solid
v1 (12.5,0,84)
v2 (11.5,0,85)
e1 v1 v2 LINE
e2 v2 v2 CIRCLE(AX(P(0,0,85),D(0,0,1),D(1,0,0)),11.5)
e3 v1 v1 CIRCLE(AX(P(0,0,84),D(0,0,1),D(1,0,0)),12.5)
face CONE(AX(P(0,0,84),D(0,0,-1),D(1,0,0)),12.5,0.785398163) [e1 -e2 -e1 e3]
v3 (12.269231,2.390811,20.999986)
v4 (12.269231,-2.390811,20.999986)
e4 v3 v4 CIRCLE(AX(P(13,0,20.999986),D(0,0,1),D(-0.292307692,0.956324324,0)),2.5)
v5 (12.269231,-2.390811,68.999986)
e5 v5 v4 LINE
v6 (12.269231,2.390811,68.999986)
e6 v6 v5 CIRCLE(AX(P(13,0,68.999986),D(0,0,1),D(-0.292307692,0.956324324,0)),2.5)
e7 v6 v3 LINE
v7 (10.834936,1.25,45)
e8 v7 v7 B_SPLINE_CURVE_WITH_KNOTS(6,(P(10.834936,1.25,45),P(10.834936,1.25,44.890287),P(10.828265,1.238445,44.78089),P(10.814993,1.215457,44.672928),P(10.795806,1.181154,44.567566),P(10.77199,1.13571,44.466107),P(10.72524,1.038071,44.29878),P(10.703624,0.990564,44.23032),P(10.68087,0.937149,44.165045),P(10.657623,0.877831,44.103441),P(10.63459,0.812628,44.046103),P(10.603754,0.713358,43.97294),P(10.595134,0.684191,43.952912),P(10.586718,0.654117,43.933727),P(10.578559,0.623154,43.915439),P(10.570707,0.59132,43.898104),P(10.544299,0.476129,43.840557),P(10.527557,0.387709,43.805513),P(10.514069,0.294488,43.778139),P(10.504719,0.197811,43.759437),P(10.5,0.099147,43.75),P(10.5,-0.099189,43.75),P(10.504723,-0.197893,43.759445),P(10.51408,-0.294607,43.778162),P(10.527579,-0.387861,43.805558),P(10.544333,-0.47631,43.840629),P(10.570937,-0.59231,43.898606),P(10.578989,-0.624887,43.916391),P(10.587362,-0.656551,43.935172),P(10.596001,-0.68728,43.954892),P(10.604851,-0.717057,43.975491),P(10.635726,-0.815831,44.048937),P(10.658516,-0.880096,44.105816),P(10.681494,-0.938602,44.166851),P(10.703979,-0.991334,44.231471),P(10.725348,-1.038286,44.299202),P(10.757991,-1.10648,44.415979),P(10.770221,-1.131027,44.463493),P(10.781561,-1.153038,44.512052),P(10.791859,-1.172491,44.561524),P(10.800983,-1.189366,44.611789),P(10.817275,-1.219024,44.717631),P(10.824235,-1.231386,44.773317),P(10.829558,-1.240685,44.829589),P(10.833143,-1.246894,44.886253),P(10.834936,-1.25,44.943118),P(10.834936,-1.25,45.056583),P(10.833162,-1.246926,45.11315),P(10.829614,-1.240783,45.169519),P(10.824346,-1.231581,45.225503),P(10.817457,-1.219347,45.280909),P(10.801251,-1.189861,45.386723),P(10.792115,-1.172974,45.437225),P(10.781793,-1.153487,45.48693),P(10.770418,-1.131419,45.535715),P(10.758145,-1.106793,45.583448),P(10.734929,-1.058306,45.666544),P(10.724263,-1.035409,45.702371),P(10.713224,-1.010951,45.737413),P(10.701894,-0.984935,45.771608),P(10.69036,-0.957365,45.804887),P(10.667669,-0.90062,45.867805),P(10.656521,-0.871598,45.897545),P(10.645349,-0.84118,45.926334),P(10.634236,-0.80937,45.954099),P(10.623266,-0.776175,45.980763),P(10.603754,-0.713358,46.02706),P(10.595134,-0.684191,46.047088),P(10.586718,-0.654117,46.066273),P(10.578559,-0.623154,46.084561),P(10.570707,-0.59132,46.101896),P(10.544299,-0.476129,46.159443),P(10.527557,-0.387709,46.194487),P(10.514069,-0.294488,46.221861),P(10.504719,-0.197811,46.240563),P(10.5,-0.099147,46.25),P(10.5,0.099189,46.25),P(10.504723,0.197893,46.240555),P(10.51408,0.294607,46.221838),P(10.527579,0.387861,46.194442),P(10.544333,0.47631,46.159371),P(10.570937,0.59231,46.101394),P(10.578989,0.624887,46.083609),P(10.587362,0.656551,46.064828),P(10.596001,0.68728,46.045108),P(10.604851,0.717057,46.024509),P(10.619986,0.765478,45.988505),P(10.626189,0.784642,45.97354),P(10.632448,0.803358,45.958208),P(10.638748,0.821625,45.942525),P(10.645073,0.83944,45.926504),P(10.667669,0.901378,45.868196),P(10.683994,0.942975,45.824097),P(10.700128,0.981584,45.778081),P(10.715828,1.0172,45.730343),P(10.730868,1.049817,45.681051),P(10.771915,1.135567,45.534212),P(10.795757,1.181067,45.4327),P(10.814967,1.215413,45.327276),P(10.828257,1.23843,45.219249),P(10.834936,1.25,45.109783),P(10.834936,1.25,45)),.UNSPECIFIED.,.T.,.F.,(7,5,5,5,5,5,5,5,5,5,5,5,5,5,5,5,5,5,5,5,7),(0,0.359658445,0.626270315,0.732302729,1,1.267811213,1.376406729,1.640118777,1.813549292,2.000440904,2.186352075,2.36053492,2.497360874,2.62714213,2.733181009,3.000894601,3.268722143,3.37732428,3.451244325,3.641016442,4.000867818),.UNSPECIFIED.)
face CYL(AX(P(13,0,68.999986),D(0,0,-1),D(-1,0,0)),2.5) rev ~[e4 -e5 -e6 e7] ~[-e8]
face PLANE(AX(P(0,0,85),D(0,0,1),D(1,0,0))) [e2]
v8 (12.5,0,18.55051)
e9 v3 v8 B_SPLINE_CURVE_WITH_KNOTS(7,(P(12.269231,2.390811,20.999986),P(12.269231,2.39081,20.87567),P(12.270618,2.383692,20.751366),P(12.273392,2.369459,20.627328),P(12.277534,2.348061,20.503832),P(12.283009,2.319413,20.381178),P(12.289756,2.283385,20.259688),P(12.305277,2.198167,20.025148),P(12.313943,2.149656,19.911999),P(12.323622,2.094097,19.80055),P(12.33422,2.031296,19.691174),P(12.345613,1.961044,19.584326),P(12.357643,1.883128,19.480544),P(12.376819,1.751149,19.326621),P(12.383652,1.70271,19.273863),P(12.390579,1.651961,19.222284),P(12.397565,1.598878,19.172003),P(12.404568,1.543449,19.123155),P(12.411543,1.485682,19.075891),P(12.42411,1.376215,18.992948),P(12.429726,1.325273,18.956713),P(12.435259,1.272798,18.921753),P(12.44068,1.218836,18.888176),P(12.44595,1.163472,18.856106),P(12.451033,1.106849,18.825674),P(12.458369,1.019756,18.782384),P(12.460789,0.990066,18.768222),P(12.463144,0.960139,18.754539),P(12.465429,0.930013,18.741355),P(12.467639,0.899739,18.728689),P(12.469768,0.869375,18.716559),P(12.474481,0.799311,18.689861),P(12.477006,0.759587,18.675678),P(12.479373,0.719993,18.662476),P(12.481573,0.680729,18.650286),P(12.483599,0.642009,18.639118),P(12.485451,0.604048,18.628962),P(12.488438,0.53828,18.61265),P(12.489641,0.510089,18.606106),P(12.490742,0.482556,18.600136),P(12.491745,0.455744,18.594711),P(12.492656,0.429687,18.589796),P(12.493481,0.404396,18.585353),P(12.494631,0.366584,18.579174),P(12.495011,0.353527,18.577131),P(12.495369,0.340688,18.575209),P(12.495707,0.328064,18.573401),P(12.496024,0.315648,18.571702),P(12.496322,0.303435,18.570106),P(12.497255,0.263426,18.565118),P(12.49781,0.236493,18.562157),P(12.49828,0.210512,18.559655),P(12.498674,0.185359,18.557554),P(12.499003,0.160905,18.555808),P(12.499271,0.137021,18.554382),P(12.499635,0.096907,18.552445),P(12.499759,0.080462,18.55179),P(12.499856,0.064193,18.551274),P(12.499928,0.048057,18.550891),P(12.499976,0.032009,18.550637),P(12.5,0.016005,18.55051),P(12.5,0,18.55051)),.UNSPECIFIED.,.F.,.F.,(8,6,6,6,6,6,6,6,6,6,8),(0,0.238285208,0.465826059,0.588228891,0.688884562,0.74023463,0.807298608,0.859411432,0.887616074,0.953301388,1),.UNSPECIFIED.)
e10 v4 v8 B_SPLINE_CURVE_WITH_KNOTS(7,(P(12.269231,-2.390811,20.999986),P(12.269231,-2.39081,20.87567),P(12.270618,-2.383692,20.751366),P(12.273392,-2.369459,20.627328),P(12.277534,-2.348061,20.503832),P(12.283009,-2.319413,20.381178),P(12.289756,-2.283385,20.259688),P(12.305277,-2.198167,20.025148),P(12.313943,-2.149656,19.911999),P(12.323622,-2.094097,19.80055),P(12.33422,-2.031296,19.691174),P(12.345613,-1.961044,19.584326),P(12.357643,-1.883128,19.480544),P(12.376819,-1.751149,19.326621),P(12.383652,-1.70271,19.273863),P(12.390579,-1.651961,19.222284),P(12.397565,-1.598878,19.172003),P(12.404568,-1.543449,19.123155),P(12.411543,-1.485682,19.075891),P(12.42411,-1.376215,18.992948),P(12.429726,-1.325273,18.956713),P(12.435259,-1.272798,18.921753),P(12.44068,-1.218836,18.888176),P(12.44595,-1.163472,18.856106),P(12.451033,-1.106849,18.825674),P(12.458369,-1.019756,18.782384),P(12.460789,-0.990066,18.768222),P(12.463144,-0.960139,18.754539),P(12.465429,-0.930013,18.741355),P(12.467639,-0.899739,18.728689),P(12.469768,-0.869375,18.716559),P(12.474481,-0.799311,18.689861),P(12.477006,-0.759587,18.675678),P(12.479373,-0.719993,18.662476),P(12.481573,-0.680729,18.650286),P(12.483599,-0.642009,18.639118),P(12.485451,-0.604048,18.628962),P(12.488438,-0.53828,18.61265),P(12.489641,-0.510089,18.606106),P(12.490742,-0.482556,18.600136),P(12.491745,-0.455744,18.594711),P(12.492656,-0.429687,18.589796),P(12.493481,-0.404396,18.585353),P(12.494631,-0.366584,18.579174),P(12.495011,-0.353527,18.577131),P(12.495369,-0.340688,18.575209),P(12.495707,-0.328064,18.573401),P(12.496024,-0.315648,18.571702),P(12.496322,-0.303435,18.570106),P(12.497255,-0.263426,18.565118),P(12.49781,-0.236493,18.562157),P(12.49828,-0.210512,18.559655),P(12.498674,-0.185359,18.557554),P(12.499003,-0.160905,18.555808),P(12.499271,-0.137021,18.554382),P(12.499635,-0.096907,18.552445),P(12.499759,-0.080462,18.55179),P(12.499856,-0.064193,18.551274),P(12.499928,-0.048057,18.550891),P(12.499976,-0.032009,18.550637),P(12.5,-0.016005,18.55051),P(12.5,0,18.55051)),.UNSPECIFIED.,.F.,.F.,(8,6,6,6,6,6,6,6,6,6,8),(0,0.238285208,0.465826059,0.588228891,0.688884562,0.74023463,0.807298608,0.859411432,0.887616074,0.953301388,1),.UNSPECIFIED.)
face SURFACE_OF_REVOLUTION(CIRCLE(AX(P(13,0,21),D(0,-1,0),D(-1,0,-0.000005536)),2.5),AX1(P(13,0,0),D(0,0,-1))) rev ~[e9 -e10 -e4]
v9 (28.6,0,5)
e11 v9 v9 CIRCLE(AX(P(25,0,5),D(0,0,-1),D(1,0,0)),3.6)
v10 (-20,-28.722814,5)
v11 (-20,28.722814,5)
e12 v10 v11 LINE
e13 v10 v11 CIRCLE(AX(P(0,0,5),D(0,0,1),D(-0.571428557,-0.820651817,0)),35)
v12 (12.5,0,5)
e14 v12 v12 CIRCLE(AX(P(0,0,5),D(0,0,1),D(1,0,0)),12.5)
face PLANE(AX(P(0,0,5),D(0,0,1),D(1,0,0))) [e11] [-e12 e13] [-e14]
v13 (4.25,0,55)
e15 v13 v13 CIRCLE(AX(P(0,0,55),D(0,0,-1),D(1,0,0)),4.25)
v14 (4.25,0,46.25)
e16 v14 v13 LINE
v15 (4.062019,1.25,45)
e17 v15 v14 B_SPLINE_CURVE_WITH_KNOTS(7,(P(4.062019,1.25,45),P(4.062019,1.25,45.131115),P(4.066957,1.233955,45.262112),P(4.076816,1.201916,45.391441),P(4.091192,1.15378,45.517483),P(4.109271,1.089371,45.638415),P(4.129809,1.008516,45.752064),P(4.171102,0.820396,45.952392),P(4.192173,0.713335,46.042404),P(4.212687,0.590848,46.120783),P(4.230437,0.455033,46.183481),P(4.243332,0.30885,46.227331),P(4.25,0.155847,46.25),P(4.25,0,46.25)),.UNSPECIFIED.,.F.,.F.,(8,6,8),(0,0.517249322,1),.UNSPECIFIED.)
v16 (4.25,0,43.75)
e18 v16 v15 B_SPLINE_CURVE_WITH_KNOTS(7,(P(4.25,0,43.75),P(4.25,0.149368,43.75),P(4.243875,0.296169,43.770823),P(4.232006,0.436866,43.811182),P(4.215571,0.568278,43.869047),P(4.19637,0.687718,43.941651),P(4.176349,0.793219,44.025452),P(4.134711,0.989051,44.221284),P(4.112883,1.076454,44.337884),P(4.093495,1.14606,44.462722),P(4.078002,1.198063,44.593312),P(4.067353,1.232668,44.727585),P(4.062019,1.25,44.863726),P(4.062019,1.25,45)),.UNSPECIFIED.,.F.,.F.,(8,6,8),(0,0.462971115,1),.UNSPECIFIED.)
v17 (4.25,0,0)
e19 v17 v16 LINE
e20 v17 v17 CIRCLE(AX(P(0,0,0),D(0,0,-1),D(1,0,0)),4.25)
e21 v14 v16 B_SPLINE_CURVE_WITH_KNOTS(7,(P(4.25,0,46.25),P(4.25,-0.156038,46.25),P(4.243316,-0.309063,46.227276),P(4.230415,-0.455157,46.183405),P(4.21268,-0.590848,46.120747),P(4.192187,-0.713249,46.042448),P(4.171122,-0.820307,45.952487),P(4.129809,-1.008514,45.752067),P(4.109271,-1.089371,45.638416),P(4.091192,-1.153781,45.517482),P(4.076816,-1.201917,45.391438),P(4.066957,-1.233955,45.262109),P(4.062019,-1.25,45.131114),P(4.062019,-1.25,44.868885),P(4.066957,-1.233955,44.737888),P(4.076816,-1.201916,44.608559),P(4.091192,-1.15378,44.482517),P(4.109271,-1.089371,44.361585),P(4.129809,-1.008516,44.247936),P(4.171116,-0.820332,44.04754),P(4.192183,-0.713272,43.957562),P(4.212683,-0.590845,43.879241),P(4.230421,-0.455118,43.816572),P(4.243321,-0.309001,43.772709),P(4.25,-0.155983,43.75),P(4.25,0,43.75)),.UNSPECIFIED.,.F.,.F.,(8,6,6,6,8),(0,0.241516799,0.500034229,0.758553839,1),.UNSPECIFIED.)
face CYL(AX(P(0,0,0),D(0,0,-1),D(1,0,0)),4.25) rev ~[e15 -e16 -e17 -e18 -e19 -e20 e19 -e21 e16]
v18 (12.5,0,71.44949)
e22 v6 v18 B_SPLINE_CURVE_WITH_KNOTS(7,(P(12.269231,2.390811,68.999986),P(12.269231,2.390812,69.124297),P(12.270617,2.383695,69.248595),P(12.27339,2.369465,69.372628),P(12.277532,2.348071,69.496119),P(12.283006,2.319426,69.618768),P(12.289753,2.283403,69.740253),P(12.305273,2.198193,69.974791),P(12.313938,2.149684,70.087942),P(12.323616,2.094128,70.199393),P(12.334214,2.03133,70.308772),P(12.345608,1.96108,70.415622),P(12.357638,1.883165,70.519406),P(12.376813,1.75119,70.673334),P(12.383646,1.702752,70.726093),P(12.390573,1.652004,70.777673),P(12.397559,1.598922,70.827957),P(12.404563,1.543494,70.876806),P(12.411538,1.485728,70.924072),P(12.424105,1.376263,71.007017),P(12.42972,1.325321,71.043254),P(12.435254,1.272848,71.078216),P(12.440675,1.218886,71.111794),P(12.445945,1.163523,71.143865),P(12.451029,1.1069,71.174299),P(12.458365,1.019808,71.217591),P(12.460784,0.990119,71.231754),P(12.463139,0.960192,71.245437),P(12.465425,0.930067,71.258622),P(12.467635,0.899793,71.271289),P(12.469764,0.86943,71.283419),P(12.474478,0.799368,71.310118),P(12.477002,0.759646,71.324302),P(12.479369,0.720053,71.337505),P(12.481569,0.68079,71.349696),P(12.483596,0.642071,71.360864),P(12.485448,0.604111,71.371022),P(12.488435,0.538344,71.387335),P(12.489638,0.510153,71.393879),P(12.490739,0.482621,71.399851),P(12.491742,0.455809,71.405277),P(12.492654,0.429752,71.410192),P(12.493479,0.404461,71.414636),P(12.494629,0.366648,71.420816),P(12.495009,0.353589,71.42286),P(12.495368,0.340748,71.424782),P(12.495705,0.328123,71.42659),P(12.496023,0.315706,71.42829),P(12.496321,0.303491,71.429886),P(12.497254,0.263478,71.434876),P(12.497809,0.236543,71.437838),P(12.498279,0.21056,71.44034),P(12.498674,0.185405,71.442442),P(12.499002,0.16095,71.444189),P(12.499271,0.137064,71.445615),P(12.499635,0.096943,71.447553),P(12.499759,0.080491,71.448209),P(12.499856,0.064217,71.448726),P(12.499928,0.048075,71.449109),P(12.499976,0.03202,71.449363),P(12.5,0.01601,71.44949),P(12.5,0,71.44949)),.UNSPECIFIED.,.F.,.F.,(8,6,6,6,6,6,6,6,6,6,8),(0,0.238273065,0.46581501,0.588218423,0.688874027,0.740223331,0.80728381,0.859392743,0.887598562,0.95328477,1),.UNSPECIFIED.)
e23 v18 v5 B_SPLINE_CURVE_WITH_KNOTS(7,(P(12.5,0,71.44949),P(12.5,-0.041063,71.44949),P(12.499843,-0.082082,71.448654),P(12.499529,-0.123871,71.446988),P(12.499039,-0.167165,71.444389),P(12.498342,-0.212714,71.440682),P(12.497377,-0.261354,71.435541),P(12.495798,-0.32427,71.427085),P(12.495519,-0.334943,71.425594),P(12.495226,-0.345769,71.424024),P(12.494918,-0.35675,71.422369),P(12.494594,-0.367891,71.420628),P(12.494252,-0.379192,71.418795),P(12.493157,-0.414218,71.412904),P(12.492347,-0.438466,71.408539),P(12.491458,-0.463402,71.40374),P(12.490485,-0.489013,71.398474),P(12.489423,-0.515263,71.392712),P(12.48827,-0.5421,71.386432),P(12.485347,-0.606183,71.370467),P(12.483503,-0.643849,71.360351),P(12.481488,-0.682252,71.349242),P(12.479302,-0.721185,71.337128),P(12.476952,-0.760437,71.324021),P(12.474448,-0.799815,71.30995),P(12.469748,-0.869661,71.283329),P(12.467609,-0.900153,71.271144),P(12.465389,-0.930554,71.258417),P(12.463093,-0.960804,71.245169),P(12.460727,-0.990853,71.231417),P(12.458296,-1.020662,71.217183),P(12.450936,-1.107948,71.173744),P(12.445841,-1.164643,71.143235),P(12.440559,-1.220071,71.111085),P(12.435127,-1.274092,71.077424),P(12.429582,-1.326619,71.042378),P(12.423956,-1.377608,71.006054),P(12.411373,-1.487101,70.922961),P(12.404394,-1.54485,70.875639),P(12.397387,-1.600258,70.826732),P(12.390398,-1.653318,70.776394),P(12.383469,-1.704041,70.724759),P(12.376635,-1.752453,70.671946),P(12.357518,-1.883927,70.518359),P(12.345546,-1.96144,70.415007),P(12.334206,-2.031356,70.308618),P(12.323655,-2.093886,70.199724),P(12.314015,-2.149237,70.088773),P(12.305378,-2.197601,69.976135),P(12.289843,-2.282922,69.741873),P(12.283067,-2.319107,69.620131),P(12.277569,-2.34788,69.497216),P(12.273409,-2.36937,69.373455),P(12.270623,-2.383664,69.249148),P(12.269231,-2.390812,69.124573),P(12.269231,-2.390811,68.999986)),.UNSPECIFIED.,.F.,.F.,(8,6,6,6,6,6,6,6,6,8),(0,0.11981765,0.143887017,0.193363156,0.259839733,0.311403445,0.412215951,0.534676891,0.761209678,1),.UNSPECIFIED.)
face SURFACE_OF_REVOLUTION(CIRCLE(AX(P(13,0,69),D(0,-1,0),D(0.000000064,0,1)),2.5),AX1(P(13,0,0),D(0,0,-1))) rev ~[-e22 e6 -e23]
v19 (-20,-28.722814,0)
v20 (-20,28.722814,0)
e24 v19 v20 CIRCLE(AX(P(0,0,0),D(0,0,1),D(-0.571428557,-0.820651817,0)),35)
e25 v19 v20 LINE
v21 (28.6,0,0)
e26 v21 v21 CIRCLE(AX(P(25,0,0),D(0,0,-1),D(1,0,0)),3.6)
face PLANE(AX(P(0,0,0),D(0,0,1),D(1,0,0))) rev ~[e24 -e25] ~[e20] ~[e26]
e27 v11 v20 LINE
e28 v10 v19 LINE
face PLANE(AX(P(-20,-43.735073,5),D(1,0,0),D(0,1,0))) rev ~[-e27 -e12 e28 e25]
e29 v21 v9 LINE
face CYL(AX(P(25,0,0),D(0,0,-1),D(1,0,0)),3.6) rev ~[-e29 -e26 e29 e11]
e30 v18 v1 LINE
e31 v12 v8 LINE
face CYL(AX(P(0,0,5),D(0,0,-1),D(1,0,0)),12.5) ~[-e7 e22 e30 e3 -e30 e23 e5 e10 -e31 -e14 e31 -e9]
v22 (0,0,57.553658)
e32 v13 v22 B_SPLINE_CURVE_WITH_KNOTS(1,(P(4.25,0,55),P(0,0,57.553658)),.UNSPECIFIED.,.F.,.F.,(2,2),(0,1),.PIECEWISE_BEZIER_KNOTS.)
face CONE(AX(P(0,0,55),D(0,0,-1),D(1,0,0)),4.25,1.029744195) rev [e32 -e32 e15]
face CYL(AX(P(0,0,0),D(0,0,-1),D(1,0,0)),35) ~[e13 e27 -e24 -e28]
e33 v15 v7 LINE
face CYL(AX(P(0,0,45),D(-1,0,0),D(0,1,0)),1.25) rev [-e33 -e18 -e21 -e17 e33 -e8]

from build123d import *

# Parameters (mm, degrees)
SKETCH_R        = 35
PAD_DEPTH       = 5
SKETCH001_R     = 12.5
PAD001_DEPTH    = 80
SKETCH003_R     = 1.25
POCKET_DEPTH    = 35.001
SKETCH004_R     = 3.6
POCKET001_DEPTH = 85.001
SKETCH005_R     = 4.25
HOLE_DEPTH      = 55
HOLE_TIPS_R     = 4.25
CHAMFER_SIZE    = 1
SKETCH006_W     = 25.864929
SKETCH006_H     = 80.956299
POCKET002_DEPTH = 5.001


with BuildPart() as part:
    # Sketch → Pad (new body)
    with BuildSketch(Plane.XY):
        Circle(SKETCH_R)
    extrude(amount=PAD_DEPTH)

    # Sketch001 (on Face3 of Pad) → Pad001 (join)
    with BuildSketch(Plane.XY.offset(5)):
        Circle(SKETCH001_R)
    extrude(amount=PAD001_DEPTH)

    # Sketch002 (on DatumPlane) → Groove (revolve, cut)
    with BuildSketch(Plane.XZ):
        with BuildLine():
            Line((10.5, 68.999986), (10.5, 20.999986))
            ThreePointArc((10.5, 20.999986), (11.232238, 19.232228), (13, 18.5))
            Line((13, 71.5), (13, 18.5))
            ThreePointArc((13, 71.5), (11.232228, 70.767762), (10.5, 68.999986))
        make_face()
    revolve(axis=Axis((13, 0, 0), (0, 0, -1)), mode=Mode.SUBTRACT)

    # Sketch003 (on DatumPlane) → Pocket (cut, through all)
    with BuildSketch(Plane.YZ):
        with Locations((0, 45)):
            Circle(SKETCH003_R)
    extrude(amount=POCKET_DEPTH, mode=Mode.SUBTRACT)

    # Sketch004 (on Face2 of Pocket) → Pocket001 (cut, through all)
    with BuildSketch(Plane(origin=(0, 0, 0), x_dir=(1, 0, 0), z_dir=(0, 0, -1))):
        with Locations((25, 0)):
            Circle(SKETCH004_R)
    extrude(amount=-POCKET001_DEPTH, mode=Mode.SUBTRACT)

    # Sketch005 (on Face2 of Pocket001) → Hole (cut)
    with BuildSketch(Plane(origin=(0, 0, 0), x_dir=(1, 0, 0), z_dir=(0, 0, -1))):
        Circle(SKETCH005_R)
    extrude(amount=-HOLE_DEPTH, mode=Mode.SUBTRACT)

    # Hole tips → Hole tip 1 section 0
    with BuildSketch(Plane(origin=(0, 0, 55), x_dir=(1, 0, 0), z_dir=(0, 0, -1)), mode=Mode.PRIVATE) as hole_tip_1_s0:
        Circle(HOLE_TIPS_R)
    loft([hole_tip_1_s0.sketch, Vertex(0, 0, 57.553658)], mode=Mode.SUBTRACT)

    # Chamfer
    chamfer_edges = [part.edges().sort_by_distance(p)[0] for p in [
        (-12.5, 0, 85),
    ]]
    chamfer(chamfer_edges, length=CHAMFER_SIZE)

    # Sketch006 (on Face9 of Clone) → Pocket002 (cut, through all)
    with BuildSketch(Plane.XY.offset(5)):
        with Locations((-32.932464, -3.256923)):
            Rectangle(SKETCH006_W, SKETCH006_H)
    extrude(amount=-POCKET002_DEPTH, mode=Mode.SUBTRACT)


solid = part.part
